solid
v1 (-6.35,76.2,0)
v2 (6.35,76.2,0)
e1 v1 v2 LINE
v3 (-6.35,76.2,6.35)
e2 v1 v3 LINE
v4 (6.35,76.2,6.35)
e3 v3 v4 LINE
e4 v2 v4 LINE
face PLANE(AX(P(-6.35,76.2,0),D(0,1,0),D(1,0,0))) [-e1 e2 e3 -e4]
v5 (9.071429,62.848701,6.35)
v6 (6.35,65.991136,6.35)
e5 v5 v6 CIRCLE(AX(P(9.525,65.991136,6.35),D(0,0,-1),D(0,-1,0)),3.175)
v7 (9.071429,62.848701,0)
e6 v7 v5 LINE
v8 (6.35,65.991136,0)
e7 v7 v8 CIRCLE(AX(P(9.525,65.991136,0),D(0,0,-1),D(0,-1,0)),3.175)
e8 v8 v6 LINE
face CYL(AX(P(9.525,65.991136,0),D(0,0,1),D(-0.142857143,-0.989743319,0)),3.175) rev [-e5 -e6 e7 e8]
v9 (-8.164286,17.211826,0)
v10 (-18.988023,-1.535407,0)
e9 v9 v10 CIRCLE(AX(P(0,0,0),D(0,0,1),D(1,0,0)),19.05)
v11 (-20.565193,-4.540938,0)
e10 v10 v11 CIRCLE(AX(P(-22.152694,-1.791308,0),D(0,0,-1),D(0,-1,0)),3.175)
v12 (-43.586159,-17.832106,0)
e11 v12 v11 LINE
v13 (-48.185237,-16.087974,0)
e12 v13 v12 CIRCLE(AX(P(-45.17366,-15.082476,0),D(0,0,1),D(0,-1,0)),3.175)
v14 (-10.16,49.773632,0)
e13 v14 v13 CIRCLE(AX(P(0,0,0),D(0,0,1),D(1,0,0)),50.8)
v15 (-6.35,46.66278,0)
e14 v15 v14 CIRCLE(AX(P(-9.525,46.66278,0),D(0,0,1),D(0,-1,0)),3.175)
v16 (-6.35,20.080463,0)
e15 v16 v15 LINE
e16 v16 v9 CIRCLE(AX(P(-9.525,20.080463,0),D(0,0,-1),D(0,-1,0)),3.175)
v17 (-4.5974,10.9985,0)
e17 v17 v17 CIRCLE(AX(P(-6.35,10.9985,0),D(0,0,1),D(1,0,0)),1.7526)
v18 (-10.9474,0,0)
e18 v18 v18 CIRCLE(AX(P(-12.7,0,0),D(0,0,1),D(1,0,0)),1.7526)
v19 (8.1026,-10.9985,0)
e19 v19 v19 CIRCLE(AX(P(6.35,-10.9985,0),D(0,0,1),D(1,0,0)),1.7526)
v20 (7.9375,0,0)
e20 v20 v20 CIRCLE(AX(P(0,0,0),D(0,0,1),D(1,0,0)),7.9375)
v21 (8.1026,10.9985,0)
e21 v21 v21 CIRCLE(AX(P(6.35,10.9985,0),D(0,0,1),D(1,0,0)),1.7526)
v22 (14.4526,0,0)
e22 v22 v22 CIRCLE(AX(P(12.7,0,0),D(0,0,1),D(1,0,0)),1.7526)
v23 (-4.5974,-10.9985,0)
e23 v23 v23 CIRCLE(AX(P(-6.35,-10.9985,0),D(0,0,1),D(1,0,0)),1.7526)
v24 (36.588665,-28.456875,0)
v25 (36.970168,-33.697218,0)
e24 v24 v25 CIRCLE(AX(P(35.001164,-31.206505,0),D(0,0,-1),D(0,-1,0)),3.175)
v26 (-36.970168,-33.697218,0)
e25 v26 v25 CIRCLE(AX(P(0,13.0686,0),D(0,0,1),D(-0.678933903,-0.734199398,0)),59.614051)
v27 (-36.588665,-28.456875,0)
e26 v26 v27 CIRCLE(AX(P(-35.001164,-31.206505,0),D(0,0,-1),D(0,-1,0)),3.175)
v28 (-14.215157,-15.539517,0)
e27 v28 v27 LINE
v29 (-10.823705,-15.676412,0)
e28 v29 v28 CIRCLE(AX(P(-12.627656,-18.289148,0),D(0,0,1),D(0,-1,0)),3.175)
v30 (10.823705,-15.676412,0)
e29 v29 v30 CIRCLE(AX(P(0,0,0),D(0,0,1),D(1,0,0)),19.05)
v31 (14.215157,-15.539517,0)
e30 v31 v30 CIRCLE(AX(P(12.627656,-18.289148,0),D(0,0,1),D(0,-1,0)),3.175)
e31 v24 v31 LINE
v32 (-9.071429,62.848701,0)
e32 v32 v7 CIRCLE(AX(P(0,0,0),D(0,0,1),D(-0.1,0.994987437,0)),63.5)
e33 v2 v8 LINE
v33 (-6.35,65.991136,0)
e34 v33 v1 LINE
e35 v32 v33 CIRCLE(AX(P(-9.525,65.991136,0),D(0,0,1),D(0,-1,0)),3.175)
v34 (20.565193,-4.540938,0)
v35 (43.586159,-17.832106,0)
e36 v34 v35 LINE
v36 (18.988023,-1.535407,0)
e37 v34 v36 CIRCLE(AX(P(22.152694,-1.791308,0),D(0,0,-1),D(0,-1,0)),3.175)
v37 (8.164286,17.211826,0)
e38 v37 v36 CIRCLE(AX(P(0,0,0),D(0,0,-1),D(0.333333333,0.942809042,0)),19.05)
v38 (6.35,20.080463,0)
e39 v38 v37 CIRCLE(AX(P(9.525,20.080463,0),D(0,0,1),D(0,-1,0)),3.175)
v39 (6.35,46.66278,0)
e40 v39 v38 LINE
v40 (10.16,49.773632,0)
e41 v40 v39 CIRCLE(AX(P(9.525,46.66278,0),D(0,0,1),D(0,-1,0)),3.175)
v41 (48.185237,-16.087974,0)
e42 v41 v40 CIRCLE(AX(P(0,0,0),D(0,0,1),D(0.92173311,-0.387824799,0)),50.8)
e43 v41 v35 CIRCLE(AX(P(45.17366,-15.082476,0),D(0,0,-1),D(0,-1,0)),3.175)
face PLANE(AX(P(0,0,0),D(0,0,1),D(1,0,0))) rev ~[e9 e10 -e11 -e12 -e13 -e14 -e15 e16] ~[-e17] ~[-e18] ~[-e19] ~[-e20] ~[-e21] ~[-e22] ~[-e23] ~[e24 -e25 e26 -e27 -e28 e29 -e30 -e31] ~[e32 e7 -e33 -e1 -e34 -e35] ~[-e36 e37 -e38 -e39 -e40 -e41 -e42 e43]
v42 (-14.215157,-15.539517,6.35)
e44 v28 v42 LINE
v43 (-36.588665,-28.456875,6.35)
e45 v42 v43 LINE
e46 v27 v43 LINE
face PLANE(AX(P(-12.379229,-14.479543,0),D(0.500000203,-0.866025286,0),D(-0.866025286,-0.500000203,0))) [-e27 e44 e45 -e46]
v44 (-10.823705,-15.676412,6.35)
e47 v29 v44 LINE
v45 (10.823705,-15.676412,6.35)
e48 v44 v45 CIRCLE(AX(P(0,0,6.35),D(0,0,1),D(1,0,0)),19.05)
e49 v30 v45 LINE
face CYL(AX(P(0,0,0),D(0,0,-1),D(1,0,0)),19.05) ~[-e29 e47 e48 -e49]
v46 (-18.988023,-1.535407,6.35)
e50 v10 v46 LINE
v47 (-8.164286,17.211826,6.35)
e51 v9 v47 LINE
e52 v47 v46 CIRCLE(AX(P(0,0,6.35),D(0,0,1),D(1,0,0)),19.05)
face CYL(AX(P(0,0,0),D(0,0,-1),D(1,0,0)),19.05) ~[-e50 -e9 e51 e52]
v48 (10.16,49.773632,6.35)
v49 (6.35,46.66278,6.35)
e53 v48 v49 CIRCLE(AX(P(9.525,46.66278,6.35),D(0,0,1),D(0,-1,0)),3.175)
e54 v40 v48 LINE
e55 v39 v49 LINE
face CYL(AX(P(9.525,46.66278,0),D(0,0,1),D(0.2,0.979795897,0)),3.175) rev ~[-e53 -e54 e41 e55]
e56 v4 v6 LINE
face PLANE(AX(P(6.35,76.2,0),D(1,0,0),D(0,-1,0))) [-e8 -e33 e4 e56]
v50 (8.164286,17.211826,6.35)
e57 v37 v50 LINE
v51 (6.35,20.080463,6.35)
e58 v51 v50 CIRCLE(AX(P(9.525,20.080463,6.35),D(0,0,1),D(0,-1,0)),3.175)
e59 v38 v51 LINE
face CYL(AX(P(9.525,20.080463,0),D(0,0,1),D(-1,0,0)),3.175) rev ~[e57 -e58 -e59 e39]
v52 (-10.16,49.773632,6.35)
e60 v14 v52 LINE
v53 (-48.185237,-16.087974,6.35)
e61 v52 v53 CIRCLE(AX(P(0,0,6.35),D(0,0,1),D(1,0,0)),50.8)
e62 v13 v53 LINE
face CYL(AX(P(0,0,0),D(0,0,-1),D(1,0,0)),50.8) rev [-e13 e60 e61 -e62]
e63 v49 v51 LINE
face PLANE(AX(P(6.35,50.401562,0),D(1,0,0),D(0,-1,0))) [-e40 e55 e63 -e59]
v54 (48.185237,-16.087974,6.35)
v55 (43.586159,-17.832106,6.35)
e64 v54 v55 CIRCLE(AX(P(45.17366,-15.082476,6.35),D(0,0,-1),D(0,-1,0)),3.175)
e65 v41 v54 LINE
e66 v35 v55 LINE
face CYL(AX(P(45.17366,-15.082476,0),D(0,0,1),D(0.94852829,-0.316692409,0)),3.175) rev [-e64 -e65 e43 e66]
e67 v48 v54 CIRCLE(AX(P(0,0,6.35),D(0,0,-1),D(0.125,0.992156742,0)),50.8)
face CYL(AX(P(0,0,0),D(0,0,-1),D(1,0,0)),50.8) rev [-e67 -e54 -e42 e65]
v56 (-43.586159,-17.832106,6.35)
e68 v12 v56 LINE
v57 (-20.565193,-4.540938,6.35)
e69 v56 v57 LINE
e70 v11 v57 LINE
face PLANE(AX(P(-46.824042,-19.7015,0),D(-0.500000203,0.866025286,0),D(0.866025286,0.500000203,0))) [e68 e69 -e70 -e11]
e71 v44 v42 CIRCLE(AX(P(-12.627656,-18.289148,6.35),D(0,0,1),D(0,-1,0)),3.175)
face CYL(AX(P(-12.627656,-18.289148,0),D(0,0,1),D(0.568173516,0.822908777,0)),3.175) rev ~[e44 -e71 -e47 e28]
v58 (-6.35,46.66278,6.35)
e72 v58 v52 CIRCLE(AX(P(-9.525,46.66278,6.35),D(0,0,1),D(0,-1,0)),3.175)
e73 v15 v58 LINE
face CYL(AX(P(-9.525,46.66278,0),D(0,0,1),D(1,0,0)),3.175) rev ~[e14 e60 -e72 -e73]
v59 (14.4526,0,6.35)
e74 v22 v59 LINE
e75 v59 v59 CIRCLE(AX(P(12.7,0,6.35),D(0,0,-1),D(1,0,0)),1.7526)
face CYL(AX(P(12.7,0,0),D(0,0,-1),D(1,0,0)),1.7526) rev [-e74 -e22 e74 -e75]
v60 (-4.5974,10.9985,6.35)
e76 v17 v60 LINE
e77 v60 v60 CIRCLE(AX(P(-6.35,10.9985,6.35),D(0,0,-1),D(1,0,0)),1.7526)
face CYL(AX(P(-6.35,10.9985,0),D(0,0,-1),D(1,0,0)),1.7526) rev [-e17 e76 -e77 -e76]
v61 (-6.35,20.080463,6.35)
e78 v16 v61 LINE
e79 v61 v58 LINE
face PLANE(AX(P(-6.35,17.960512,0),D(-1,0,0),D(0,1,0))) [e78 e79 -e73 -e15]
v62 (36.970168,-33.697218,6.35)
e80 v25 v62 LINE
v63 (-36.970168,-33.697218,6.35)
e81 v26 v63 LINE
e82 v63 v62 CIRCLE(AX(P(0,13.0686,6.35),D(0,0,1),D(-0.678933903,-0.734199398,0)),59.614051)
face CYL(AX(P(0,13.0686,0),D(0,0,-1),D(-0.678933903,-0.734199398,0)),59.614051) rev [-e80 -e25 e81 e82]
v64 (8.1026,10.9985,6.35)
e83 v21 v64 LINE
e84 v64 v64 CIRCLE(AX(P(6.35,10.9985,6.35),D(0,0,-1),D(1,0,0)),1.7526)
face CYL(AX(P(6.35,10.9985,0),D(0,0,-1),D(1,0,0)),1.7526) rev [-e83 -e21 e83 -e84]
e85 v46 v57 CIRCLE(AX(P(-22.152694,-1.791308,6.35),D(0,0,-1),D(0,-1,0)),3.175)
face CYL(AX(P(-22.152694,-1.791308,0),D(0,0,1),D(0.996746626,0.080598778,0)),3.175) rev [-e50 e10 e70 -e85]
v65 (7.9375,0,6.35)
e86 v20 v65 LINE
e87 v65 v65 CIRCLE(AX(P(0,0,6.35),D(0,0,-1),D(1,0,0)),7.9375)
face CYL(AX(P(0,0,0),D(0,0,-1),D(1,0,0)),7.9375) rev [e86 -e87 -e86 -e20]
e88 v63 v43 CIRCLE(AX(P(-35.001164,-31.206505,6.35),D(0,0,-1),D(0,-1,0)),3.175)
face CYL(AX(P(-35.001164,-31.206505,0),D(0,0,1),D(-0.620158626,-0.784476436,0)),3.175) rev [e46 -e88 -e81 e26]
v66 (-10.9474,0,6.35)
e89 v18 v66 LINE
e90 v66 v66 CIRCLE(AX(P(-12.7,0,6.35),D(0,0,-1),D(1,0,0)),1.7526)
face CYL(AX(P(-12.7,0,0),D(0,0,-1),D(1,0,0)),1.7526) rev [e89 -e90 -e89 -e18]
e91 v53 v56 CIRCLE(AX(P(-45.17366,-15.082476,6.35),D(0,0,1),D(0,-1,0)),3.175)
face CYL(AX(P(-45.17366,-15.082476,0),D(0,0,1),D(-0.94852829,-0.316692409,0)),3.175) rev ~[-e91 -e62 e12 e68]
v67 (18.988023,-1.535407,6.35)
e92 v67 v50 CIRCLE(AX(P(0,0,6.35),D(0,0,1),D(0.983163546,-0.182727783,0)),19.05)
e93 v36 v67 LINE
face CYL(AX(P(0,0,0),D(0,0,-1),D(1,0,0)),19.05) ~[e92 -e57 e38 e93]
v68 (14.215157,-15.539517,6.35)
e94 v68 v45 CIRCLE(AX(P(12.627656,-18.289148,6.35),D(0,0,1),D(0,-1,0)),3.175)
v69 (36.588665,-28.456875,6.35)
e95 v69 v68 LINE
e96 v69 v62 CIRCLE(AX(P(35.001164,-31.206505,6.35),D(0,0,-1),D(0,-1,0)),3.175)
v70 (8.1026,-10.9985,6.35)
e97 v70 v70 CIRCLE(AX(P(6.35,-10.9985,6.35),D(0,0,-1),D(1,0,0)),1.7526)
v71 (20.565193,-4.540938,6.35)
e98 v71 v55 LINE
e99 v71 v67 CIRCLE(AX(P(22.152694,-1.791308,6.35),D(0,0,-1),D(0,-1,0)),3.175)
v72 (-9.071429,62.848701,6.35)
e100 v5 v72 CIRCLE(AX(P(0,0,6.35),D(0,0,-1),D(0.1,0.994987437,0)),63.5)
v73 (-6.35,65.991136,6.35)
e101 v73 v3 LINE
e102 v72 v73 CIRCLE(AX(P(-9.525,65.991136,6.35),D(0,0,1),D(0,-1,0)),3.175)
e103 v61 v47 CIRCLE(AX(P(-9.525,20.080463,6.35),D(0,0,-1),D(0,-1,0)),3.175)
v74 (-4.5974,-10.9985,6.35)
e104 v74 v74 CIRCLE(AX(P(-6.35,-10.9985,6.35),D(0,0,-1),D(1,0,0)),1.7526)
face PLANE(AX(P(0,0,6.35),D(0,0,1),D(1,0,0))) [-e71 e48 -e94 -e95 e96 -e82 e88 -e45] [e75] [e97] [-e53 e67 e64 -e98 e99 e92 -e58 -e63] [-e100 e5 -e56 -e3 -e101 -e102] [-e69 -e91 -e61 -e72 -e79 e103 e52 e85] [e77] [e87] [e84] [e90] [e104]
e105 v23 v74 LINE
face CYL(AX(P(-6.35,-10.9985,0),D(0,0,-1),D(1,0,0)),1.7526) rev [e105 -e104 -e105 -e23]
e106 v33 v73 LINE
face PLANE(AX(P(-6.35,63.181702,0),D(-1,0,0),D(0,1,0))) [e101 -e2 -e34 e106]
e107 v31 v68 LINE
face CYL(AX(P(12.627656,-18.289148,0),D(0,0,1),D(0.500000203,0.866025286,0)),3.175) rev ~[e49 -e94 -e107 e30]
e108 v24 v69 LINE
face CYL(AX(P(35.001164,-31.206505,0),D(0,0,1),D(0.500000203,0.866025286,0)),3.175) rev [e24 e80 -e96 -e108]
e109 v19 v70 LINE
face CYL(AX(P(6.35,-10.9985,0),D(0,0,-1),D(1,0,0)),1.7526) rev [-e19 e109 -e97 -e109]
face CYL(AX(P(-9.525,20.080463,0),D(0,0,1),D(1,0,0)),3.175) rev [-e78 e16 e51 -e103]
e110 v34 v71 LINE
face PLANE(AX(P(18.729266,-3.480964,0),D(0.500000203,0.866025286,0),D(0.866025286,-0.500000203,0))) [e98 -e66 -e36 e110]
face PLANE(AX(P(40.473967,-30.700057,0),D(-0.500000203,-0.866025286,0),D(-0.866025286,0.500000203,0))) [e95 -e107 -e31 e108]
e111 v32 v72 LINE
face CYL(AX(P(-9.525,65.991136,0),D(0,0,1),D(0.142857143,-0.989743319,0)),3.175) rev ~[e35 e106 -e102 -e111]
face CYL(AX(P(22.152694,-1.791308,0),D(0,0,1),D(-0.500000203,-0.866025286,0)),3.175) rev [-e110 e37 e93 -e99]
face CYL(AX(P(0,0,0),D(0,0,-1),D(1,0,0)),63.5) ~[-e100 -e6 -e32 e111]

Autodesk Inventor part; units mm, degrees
ref_plane "YZ Plane" through (0, 0, 0) normal (1, 0, 0) x (0, 1, 0)
ref_plane "XZ Plane" through (0, 0, 0) normal (0, 1, 0) x (-1, 0, 0)
ref_plane "XY Plane" through (0, 0, 0) normal (0, 0, 1) x (1, 0, 0)
sketch "Sketch1" plane through (0, 0, 0) normal (0, 0, 1) x (1, 0, 0)
  circle A0 centre (0, 0) radius 63.5
  line L0 (0, 0) -> (0, 63.5) construction
  line L1 (-6.35, 76.2) -> (6.35, 76.2)
  line L2 (6.35, 76.2) -> (6.35, 0)
  line L3 (6.35, 0) -> (-6.35, 0) construction
  line L4 (-6.35, 0) -> (-6.35, 76.2)
  line L5 (-6.35, 76.2) -> (6.35, 0) construction
  line L6 (6.35, 76.2) -> (-6.35, 0) construction
  circle A1 centre (0, 0) radius 50.8
  circle A2 centre (0, 0) radius 19.05
  line L7 (-69.1661, -32.6007) -> (-3.175, 5.4993)
  line L8 (3.175, -5.4993) -> (-62.8161, -43.5993)
  line L9 (62.8161, -43.5993) -> (-3.175, -5.4993)
  line L10 (3.175, 5.4993) -> (69.1661, -32.6007)
  circle A3 centre (0, 0) radius 12.7 construction
  circle A4 centre (6.35, 10.9985) radius 1.7526
  line L11 (0, 0) -> (6.35, 10.9985) construction
  circle A5 centre (-6.35, 10.9985) radius 1.7526
  circle A6 centre (-12.7, 0) radius 1.7526
  circle A7 centre (-6.35, -10.9985) radius 1.7526
  circle A8 centre (6.35, -10.9985) radius 1.7526
  circle A9 centre (12.7, 0) radius 1.7526
  circle A10 centre (0, 0) radius 7.9375
  circle A11 centre (0, 57.15) radius 3.175
  arc A12 (-40.474, -30.7) -> (40.474, -30.7) centre (0, 13.0686) ccw
  point P0 (0, 38.1)
  point P1 (-6.35, 50.4016)
  point P2 (-6.35, 17.9605)
  point P3 (-18.7293, -3.481)
  point P4 (-46.824, -19.7015)
  point P5 (-6.35, 63.1817)
  point P6 (6.35, 63.1817)
  point P7 (-12.3793, -14.4795)
  point P8 (12.3793, -14.4795)
  point P9 (40.474, -30.7)
  point P10 (6.35, 50.4016)
  point P11 (46.824, -19.7015)
  point P12 (18.7293, -3.481)
  point P13 (6.35, 17.9605)
  point P14 (0, -46.5455)
  dimension "d0" = 127
  dimension "d9" = 25.4
  dimension "d1" = 76.2
  dimension "d2" = 12.7
  dimension "d3" = 12.7
  dimension "d4" = 38.1
  dimension "d7" = 360
  dimension "d10" = 3.5052
  dimension "d11" = 30
  dimension "d14" = 360
  dimension "d16" = 15.875
  dimension "d17" = 6.35
  dimension "d18" = 57.15
  dimension "d22" = 46.5455
extrude "Extrusion1" add sketch "Sketch1" along normal blind 6.35 contours A0 L10 A1 L2 | L2 A1 L4 A0 | A0 L4 L1 L2 | A0 L9 A1 L10 | L4 A1 L7 A0 | L2 A2 L4 A1 | A0 L8 A1 L9 | A1 L9 A2 L10 | L7 A1 L8 A0 | A2 L10 A9 A10 L2 A4 | L2 A4 A10 L4 A5 A2 | A1 A12 | A2 L9 A8 A10 L10 A9 | L7 A2 L8 A1 | L4 A5 A10 L7 A6 A2 | A2 L8 A7 A10 L9 A8 | L7 A6 A10 L8 A7 A2 | A11
fillet "Fillet1" radius 3.175 14 edges at (6.35, 50.4016, 3.175) (6.35, 17.9605, 3.175) (18.7293, -3.481, 3.175) (46.824, -19.7015, 3.175) (12.3793, -14.4795, 3.175) (-12.3793, -14.4795, 3.175) (-18.7293, -3.481, 3.175) (-6.35, 17.9605, 3.175) (-46.824, -19.7015, 3.175) (-6.35, 50.4016, 3.175) (-6.35, 63.1817, 3.175) (6.35, 63.1817, 3.175) (40.474, -30.7, 3.175) (-40.474, -30.7, 3.175)
properties part number "Emma Blade"
